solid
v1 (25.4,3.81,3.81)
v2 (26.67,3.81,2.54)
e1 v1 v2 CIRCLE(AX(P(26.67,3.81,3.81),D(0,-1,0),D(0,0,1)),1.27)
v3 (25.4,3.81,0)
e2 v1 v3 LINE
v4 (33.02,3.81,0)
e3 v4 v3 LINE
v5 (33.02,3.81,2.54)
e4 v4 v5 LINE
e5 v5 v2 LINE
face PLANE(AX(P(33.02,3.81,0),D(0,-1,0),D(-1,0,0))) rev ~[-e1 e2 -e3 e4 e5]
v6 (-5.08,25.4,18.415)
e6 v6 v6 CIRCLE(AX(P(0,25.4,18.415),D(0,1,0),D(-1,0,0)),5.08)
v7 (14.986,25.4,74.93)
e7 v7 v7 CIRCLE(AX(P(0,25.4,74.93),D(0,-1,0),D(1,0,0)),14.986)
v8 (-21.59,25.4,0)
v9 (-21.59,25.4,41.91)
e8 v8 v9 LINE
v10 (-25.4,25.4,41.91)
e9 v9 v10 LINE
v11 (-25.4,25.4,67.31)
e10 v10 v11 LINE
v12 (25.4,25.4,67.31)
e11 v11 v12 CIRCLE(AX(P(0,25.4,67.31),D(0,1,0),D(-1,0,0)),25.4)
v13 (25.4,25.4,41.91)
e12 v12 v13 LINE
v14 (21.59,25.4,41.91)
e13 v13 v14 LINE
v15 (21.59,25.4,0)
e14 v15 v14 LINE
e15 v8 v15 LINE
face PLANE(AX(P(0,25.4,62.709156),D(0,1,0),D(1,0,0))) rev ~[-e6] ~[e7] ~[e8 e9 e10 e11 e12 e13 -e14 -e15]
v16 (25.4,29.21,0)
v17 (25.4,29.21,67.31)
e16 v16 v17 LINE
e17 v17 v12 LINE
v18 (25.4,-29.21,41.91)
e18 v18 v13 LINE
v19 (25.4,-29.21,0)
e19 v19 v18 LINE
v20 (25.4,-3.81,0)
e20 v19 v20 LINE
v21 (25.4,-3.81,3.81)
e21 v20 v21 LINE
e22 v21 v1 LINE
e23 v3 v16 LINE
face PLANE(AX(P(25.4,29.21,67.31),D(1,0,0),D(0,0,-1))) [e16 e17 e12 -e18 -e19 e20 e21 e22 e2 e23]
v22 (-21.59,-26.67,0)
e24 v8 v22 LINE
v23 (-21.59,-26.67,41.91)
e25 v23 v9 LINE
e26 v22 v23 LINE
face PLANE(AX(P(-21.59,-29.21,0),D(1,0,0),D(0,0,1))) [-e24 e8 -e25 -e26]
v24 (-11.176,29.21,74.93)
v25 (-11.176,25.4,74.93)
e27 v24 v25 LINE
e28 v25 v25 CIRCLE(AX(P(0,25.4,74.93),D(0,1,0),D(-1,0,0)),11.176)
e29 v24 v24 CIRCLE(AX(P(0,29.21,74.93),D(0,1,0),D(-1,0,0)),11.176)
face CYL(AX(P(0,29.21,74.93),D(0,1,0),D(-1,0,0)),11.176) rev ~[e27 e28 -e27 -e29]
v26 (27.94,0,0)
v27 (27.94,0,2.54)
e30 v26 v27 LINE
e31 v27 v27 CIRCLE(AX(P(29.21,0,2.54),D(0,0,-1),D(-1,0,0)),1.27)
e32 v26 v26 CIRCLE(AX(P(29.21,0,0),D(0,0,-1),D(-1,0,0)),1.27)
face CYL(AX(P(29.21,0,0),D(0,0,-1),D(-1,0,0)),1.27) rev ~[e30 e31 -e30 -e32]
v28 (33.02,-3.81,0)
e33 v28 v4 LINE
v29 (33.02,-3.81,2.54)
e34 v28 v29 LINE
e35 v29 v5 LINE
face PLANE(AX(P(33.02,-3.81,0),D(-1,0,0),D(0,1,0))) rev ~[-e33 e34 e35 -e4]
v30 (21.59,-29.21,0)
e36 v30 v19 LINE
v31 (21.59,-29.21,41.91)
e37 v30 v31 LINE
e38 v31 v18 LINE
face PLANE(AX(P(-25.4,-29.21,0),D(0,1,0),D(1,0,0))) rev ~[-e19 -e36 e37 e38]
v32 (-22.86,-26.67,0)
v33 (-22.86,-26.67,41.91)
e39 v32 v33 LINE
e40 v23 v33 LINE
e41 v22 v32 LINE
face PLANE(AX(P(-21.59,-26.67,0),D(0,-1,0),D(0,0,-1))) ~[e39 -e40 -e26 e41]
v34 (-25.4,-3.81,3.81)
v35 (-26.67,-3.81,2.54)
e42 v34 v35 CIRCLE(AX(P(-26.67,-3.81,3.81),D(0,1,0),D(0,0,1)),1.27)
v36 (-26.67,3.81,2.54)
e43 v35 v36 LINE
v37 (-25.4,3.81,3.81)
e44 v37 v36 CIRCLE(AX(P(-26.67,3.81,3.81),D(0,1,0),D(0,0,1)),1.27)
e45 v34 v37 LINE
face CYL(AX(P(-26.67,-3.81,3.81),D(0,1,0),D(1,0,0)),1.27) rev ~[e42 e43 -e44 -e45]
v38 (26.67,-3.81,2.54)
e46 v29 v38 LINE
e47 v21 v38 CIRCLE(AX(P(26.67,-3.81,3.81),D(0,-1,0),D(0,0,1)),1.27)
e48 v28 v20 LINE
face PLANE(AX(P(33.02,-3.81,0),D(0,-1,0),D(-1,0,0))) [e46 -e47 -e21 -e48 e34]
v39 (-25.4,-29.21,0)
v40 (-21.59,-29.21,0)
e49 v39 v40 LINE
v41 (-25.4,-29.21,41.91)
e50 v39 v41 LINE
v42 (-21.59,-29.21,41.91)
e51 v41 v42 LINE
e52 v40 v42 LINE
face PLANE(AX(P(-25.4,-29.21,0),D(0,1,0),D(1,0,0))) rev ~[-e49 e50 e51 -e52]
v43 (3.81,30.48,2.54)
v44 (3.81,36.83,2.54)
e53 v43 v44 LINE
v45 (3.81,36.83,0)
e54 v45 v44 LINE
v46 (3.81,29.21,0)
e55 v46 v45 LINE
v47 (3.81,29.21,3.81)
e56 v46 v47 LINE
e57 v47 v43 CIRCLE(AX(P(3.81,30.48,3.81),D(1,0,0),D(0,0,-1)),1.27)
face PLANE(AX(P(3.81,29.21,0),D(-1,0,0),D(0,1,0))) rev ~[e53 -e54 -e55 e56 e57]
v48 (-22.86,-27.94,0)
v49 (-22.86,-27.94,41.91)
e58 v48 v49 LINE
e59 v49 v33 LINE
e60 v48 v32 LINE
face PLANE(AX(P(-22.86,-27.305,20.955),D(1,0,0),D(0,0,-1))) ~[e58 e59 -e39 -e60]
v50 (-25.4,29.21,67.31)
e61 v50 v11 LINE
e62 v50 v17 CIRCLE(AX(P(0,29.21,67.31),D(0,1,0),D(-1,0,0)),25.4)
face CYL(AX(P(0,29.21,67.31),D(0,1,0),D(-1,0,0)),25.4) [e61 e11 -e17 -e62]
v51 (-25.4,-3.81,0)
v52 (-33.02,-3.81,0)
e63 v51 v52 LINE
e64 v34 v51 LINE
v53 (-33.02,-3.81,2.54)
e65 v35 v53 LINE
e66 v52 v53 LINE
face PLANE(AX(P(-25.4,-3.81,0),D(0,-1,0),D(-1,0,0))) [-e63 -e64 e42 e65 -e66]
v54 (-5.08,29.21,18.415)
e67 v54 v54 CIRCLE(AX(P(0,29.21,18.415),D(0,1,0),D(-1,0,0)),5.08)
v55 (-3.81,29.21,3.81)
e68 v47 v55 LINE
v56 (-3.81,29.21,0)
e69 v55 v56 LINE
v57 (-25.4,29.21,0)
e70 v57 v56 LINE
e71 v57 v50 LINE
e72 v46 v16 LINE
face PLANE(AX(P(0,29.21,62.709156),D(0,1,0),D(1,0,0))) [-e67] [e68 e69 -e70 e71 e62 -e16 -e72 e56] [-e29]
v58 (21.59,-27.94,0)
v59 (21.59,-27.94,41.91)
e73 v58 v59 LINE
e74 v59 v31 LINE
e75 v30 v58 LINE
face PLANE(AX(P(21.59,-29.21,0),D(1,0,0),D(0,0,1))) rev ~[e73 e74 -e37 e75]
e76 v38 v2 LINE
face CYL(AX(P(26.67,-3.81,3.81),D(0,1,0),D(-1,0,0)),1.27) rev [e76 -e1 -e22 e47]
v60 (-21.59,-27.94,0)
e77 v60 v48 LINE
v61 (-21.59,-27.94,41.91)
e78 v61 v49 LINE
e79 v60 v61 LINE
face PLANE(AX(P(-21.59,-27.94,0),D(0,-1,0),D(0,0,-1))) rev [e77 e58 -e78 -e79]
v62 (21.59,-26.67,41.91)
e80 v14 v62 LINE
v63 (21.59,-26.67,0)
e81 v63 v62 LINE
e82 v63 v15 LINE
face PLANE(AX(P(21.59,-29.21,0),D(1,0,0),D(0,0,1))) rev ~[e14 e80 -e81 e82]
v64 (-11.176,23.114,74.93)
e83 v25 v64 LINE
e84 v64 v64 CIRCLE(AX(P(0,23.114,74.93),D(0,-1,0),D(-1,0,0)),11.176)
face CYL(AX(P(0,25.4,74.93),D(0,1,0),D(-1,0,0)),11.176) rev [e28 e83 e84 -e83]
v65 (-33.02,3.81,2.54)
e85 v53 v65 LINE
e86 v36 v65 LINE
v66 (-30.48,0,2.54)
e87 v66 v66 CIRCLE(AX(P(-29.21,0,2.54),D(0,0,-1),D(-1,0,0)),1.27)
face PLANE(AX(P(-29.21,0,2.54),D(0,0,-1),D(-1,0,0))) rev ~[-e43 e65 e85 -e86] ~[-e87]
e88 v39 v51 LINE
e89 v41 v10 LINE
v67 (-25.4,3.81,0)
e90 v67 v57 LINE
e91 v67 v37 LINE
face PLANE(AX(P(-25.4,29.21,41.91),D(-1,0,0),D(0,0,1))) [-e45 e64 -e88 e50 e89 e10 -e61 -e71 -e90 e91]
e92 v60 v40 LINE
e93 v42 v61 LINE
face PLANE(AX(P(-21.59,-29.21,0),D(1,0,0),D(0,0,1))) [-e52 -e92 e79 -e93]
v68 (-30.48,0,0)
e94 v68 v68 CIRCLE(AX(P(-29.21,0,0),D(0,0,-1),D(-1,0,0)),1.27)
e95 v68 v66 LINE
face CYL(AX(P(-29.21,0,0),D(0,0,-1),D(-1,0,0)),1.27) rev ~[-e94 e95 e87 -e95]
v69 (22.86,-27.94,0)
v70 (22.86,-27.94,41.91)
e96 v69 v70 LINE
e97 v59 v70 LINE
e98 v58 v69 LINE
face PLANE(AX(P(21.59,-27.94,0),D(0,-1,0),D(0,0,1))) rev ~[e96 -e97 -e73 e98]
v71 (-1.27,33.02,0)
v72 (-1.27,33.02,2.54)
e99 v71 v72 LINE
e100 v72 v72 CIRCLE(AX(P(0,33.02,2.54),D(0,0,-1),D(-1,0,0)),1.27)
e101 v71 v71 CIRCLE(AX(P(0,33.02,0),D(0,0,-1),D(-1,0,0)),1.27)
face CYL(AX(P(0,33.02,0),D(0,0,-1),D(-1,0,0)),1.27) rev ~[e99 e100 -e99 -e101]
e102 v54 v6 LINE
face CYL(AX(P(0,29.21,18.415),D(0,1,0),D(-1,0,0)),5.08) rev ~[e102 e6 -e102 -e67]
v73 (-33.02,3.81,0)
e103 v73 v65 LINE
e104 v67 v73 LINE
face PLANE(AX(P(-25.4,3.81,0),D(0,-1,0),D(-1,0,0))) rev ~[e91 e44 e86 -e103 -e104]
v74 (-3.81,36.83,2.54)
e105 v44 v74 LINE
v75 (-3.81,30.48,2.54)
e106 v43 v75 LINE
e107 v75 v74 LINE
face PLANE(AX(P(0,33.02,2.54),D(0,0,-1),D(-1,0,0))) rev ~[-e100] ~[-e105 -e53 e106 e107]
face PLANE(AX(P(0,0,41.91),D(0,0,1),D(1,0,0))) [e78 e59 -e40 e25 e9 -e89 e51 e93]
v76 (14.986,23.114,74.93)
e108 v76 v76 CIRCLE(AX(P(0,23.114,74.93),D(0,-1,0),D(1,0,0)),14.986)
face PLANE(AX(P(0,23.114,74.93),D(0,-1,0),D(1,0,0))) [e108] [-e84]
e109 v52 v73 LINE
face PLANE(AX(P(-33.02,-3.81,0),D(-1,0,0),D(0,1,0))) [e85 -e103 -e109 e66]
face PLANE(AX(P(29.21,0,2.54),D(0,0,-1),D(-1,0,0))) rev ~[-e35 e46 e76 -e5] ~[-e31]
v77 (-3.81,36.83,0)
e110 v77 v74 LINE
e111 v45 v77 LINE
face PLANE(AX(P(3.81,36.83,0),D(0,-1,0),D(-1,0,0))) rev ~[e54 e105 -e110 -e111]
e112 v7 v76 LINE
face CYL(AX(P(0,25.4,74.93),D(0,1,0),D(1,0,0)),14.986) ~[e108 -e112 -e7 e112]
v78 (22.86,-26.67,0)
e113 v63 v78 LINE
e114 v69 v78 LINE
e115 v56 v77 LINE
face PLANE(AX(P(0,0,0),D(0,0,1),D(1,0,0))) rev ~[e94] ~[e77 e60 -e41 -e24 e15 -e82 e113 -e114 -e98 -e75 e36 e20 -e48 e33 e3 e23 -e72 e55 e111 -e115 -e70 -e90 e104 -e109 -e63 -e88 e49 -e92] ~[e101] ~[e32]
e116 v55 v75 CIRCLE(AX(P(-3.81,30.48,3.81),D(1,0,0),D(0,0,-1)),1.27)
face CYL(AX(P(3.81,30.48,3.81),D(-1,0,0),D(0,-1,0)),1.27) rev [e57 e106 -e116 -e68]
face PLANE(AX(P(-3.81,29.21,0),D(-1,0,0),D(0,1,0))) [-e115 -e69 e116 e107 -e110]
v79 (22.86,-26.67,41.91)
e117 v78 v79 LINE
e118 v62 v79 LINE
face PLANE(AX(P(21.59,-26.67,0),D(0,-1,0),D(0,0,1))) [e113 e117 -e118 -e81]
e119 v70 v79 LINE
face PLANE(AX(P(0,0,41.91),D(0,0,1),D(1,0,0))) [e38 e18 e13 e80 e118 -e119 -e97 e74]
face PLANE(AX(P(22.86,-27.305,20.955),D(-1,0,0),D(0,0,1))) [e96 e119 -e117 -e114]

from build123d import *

# Parameters (mm, degrees)
SKETCH1_W           = 50.8
SKETCH1_H           = 58.42
SKETCH1_W_2         = 43.18
SKETCH1_H_2         = 50.8
EXTRUDE_THIN1_DEPTH = 41.91
SKETCH2_R           = 5.08
CUT_EXTRUDE1_DEPTH  = 5.08
SKETCH3_W           = 43.18
SKETCH3_H           = 41.91
CUT_EXTRUDE2_DEPTH  = 5.08
SKETCH4_W           = 7.62
SKETCH4_H           = 7.62
SKETCH4_R           = 1.27
BOSS_EXTRUDE1_DEPTH = 2.54
SKETCH5_W           = 41.91
SKETCH5_H           = 1.27
CUT_EXTRUDE3_DEPTH  = 1.27
SKETCH6_R           = 11.176
BOSS_EXTRUDE2_DEPTH = 3.81
FILLET2_R           = 1.27
SKETCH7_R           = 14.986
SKETCH7_R_2         = 11.176
BOSS_EXTRUDE3_DEPTH = 2.286


with BuildPart() as part:
    # Sketch1 → Extrude-Thin1 (new body)
    with BuildSketch(Plane.XY):
        Rectangle(SKETCH1_W, SKETCH1_H)
        Rectangle(SKETCH1_W_2, SKETCH1_H_2, mode=Mode.SUBTRACT)
    extrude(amount=EXTRUDE_THIN1_DEPTH)

    # Sketch2 → Cut-Extrude1 (cut)
    with BuildSketch(Plane(origin=(0, 29.21, 0), x_dir=(1, 0, 0), z_dir=(0, 1, 0))):
        with Locations(Location((0, -18.415, 0), (0, 0, 180))):
            Circle(SKETCH2_R)
    extrude(amount=-CUT_EXTRUDE1_DEPTH, mode=Mode.SUBTRACT)

    # Sketch3 → Cut-Extrude2 (cut)
    with BuildSketch(Plane.XZ.offset(29.21)):
        with Locations((0, 20.955)):
            Rectangle(SKETCH3_W, SKETCH3_H)
    extrude(amount=-CUT_EXTRUDE2_DEPTH, mode=Mode.SUBTRACT)

    # Sketch4 → Boss-Extrude1 (add)
    # profile 1 of 3: a face of its own
    with BuildSketch(Plane(origin=(0, 0, 0), x_dir=(-1, 0, 0), z_dir=(0, 0, -1))):
        with Locations((29.21, 0)):
            Rectangle(SKETCH4_W, SKETCH4_H)
        with Locations((29.21, 0)):
            Circle(SKETCH4_R, mode=Mode.SUBTRACT)
    # profile 2 of 3: a face of its own
    with BuildSketch(Plane(origin=(0, 0, 0), x_dir=(-1, 0, 0), z_dir=(0, 0, -1))):
        with Locations((-29.21, 0)):
            Rectangle(SKETCH4_W, SKETCH4_H)
        with Locations((-29.21, 0)):
            Circle(SKETCH4_R, mode=Mode.SUBTRACT)
    # profile 3 of 3: a face of its own
    with BuildSketch(Plane(origin=(0, 0, 0), x_dir=(-1, 0, 0), z_dir=(0, 0, -1))):
        with Locations((0, 33.02)):
            Rectangle(SKETCH4_W, SKETCH4_H)
        with Locations((0, 33.02)):
            Circle(SKETCH4_R, mode=Mode.SUBTRACT)
    extrude(amount=-BOSS_EXTRUDE1_DEPTH)

    # Sketch5 → Cut-Extrude3 (cut)
    with BuildSketch(Plane.ZY.offset(-21.59)):
        with Locations((20.955, -27.305)):
            Rectangle(SKETCH5_W, SKETCH5_H)
    cut_extrude3 = extrude(amount=-CUT_EXTRUDE3_DEPTH, mode=Mode.SUBTRACT)

    # Mirror1: Cut-Extrude3 across plane
    add(cut_extrude3.mirror(Plane.ZY), mode=Mode.SUBTRACT)

    # Sketch6 → Boss-Extrude2 (add)
    with BuildSketch(Plane(origin=(0, 29.21, 0), x_dir=(1, 0, 0), z_dir=(0, 1, 0))):
        with BuildLine():
            Line((25.4, -67.31), (25.4, -41.91))
            Line((25.4, -41.91), (-25.4, -41.91))
            Line((-25.4, -41.91), (-25.4, -67.31))
            ThreePointArc((-25.4, -67.31), (0, -92.71), (25.4, -67.31))
        make_face()
        with Locations(Location((0, -74.93, 0), (0, 0, 180))):
            Circle(SKETCH6_R, mode=Mode.SUBTRACT)
    extrude(amount=-BOSS_EXTRUDE2_DEPTH)

    # Fillet2
    fillet2_edges = [part.edges().sort_by_distance(p)[0] for p in [
        (-25.4, 0, 2.54),
        (25.4, 0, 2.54),
        (0, 29.21, 2.54),
    ]]
    fillet(fillet2_edges, radius=FILLET2_R)

    # Sketch7 → Boss-Extrude3 (add)
    with BuildSketch(Plane.XZ.offset(-25.4)):
        with Locations((0, 74.93)):
            Circle(SKETCH7_R)
        with Locations(Location((0, 74.93, 0), (0, 0, 180))):
            Circle(SKETCH7_R_2, mode=Mode.SUBTRACT)
    extrude(amount=BOSS_EXTRUDE3_DEPTH)


solid = part.part
